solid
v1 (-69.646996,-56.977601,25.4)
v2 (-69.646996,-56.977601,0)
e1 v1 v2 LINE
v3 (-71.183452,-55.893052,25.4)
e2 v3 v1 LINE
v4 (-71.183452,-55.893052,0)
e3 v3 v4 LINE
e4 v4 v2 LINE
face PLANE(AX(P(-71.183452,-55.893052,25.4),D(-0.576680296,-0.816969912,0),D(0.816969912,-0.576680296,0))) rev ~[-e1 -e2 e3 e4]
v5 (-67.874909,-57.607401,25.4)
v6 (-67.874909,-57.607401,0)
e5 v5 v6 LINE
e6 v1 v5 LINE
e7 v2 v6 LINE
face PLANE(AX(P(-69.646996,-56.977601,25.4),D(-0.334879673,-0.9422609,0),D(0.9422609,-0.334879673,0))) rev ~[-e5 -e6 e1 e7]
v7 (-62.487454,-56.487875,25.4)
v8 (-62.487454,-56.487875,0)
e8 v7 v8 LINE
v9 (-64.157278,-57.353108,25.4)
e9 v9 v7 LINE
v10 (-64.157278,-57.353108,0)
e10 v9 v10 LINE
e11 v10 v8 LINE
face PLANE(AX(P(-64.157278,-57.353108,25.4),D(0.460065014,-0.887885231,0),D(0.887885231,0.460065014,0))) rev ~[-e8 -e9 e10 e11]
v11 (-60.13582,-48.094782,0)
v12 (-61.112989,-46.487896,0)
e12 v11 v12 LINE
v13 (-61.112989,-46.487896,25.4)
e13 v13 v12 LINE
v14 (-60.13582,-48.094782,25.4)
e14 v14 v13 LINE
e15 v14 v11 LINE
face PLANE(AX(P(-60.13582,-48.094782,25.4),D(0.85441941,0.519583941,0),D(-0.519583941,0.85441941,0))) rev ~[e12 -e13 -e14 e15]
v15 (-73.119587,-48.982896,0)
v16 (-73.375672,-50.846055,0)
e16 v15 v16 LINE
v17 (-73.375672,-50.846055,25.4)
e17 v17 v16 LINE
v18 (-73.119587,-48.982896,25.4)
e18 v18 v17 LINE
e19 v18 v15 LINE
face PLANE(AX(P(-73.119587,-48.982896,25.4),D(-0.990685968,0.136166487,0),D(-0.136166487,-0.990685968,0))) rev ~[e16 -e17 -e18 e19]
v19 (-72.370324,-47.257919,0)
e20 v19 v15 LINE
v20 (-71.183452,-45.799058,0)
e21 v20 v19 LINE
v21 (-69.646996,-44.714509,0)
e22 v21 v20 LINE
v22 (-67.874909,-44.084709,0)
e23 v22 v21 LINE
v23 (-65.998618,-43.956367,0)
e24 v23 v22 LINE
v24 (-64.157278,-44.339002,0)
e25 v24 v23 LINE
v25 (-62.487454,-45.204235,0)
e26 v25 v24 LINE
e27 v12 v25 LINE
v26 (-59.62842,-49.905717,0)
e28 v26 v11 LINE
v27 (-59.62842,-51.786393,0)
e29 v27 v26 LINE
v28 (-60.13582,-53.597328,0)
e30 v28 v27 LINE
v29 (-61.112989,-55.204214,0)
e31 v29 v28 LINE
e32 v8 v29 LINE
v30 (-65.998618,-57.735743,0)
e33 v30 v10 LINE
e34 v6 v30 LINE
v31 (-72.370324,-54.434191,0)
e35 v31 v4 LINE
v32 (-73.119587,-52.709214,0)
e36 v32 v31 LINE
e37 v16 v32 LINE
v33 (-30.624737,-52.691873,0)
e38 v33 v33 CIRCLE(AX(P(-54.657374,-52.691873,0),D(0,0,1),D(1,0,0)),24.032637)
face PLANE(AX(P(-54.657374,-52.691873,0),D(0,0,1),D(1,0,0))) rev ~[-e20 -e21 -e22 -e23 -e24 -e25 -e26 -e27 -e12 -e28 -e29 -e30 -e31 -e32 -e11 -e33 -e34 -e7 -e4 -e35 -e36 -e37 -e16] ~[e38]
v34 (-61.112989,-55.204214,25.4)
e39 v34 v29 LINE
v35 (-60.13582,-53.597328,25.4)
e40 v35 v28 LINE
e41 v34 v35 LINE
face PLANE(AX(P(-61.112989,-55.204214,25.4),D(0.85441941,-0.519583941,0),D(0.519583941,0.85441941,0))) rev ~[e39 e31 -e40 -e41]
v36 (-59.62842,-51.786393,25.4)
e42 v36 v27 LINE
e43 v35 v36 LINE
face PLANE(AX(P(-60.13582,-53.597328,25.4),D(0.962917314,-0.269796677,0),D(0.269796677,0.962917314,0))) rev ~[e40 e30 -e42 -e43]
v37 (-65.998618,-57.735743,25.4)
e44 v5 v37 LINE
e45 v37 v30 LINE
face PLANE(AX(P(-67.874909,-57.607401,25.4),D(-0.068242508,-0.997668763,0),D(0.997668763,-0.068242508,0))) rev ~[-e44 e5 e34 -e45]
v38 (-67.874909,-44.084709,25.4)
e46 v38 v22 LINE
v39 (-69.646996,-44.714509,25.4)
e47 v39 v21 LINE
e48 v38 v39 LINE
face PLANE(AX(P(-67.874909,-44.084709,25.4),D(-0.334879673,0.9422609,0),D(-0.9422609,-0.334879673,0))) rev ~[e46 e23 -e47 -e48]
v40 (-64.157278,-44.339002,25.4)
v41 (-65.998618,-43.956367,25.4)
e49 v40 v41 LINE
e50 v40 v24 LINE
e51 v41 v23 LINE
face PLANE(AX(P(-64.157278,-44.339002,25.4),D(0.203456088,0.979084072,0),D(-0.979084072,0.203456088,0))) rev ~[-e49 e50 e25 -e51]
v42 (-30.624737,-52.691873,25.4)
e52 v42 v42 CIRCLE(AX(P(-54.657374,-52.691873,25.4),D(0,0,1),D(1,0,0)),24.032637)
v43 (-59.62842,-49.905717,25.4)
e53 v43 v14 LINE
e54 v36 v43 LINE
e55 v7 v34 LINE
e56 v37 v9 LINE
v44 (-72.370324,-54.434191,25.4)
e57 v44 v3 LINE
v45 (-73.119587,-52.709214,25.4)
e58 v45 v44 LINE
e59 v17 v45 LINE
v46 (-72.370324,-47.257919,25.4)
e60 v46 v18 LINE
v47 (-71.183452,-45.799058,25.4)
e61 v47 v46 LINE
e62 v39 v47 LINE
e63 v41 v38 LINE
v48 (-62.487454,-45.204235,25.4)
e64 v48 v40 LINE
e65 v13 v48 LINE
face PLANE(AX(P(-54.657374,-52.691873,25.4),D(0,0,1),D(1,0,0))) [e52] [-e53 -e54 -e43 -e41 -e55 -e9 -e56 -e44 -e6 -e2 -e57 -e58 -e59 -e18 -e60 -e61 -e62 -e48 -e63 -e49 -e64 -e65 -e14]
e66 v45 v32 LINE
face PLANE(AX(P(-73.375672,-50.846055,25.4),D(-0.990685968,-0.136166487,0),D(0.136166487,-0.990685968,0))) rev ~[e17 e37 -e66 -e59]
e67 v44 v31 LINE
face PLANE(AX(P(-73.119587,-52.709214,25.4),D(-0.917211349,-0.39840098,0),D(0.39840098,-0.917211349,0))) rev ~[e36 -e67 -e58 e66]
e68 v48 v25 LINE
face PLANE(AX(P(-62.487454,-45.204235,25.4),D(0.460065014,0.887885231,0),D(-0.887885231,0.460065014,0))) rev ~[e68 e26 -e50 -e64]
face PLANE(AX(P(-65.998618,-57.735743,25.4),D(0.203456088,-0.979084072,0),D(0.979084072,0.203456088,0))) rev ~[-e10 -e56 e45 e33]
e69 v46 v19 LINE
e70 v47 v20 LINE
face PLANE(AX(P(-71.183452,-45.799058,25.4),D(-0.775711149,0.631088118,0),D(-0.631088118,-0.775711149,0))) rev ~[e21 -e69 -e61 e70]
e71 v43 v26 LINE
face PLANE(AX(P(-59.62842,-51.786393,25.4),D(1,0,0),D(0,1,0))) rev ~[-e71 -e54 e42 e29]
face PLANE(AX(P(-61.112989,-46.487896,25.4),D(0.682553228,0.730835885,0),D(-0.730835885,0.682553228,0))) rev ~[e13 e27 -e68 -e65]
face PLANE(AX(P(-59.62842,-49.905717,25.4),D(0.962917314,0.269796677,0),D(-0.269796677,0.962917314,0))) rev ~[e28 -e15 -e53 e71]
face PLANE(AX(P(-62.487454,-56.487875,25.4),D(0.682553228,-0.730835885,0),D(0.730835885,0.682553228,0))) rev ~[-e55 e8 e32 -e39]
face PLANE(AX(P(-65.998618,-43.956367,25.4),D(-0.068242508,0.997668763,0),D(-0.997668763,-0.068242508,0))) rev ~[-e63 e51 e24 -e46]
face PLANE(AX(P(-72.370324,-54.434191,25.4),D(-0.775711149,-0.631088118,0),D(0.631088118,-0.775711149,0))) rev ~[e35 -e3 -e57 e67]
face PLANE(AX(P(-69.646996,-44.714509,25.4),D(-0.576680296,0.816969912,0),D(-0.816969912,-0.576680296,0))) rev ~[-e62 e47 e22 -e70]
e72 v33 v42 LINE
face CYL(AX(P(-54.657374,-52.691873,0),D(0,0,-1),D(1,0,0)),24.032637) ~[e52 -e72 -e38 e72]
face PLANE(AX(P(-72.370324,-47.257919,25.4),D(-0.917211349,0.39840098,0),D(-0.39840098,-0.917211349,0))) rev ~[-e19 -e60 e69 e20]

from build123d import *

# Parameters (mm, degrees)
F0_R     = 24.032637
F1_DEPTH = 25.4
F4_DEPTH = 25.4


with BuildPart() as f1:
    # F0 (on Top) → F1 (new body)
    with BuildSketch(Plane.XY):
        with Locations((-54.657374, -52.691873)):
            Circle(F0_R)
    extrude(amount=F1_DEPTH)

    # F3 (on face) → F4 (cut)
    with BuildSketch(Plane.XY.offset(25.4)):
        Polygon((-59.62842, -51.786393), (-59.62842, -49.905717), (-60.13582, -48.094782), (-61.112989, -46.487896), (-62.487454, -45.204235), (-64.157278, -44.339002), (-65.998618, -43.956367), (-67.874909, -44.084709), (-69.646996, -44.714509), (-71.183452, -45.799058), (-72.370324, -47.257919), (-73.119587, -48.982896), (-73.375672, -50.846055), (-73.119587, -52.709214), (-72.370324, -54.434191), (-71.183452, -55.893052), (-69.646996, -56.977601), (-67.874909, -57.607401), (-65.998618, -57.735743), (-64.157278, -57.353108), (-62.487454, -56.487875), (-61.112989, -55.204214), (-60.13582, -53.597328), align=None)
    extrude(amount=-F4_DEPTH, mode=Mode.SUBTRACT)


solid = f1.part
